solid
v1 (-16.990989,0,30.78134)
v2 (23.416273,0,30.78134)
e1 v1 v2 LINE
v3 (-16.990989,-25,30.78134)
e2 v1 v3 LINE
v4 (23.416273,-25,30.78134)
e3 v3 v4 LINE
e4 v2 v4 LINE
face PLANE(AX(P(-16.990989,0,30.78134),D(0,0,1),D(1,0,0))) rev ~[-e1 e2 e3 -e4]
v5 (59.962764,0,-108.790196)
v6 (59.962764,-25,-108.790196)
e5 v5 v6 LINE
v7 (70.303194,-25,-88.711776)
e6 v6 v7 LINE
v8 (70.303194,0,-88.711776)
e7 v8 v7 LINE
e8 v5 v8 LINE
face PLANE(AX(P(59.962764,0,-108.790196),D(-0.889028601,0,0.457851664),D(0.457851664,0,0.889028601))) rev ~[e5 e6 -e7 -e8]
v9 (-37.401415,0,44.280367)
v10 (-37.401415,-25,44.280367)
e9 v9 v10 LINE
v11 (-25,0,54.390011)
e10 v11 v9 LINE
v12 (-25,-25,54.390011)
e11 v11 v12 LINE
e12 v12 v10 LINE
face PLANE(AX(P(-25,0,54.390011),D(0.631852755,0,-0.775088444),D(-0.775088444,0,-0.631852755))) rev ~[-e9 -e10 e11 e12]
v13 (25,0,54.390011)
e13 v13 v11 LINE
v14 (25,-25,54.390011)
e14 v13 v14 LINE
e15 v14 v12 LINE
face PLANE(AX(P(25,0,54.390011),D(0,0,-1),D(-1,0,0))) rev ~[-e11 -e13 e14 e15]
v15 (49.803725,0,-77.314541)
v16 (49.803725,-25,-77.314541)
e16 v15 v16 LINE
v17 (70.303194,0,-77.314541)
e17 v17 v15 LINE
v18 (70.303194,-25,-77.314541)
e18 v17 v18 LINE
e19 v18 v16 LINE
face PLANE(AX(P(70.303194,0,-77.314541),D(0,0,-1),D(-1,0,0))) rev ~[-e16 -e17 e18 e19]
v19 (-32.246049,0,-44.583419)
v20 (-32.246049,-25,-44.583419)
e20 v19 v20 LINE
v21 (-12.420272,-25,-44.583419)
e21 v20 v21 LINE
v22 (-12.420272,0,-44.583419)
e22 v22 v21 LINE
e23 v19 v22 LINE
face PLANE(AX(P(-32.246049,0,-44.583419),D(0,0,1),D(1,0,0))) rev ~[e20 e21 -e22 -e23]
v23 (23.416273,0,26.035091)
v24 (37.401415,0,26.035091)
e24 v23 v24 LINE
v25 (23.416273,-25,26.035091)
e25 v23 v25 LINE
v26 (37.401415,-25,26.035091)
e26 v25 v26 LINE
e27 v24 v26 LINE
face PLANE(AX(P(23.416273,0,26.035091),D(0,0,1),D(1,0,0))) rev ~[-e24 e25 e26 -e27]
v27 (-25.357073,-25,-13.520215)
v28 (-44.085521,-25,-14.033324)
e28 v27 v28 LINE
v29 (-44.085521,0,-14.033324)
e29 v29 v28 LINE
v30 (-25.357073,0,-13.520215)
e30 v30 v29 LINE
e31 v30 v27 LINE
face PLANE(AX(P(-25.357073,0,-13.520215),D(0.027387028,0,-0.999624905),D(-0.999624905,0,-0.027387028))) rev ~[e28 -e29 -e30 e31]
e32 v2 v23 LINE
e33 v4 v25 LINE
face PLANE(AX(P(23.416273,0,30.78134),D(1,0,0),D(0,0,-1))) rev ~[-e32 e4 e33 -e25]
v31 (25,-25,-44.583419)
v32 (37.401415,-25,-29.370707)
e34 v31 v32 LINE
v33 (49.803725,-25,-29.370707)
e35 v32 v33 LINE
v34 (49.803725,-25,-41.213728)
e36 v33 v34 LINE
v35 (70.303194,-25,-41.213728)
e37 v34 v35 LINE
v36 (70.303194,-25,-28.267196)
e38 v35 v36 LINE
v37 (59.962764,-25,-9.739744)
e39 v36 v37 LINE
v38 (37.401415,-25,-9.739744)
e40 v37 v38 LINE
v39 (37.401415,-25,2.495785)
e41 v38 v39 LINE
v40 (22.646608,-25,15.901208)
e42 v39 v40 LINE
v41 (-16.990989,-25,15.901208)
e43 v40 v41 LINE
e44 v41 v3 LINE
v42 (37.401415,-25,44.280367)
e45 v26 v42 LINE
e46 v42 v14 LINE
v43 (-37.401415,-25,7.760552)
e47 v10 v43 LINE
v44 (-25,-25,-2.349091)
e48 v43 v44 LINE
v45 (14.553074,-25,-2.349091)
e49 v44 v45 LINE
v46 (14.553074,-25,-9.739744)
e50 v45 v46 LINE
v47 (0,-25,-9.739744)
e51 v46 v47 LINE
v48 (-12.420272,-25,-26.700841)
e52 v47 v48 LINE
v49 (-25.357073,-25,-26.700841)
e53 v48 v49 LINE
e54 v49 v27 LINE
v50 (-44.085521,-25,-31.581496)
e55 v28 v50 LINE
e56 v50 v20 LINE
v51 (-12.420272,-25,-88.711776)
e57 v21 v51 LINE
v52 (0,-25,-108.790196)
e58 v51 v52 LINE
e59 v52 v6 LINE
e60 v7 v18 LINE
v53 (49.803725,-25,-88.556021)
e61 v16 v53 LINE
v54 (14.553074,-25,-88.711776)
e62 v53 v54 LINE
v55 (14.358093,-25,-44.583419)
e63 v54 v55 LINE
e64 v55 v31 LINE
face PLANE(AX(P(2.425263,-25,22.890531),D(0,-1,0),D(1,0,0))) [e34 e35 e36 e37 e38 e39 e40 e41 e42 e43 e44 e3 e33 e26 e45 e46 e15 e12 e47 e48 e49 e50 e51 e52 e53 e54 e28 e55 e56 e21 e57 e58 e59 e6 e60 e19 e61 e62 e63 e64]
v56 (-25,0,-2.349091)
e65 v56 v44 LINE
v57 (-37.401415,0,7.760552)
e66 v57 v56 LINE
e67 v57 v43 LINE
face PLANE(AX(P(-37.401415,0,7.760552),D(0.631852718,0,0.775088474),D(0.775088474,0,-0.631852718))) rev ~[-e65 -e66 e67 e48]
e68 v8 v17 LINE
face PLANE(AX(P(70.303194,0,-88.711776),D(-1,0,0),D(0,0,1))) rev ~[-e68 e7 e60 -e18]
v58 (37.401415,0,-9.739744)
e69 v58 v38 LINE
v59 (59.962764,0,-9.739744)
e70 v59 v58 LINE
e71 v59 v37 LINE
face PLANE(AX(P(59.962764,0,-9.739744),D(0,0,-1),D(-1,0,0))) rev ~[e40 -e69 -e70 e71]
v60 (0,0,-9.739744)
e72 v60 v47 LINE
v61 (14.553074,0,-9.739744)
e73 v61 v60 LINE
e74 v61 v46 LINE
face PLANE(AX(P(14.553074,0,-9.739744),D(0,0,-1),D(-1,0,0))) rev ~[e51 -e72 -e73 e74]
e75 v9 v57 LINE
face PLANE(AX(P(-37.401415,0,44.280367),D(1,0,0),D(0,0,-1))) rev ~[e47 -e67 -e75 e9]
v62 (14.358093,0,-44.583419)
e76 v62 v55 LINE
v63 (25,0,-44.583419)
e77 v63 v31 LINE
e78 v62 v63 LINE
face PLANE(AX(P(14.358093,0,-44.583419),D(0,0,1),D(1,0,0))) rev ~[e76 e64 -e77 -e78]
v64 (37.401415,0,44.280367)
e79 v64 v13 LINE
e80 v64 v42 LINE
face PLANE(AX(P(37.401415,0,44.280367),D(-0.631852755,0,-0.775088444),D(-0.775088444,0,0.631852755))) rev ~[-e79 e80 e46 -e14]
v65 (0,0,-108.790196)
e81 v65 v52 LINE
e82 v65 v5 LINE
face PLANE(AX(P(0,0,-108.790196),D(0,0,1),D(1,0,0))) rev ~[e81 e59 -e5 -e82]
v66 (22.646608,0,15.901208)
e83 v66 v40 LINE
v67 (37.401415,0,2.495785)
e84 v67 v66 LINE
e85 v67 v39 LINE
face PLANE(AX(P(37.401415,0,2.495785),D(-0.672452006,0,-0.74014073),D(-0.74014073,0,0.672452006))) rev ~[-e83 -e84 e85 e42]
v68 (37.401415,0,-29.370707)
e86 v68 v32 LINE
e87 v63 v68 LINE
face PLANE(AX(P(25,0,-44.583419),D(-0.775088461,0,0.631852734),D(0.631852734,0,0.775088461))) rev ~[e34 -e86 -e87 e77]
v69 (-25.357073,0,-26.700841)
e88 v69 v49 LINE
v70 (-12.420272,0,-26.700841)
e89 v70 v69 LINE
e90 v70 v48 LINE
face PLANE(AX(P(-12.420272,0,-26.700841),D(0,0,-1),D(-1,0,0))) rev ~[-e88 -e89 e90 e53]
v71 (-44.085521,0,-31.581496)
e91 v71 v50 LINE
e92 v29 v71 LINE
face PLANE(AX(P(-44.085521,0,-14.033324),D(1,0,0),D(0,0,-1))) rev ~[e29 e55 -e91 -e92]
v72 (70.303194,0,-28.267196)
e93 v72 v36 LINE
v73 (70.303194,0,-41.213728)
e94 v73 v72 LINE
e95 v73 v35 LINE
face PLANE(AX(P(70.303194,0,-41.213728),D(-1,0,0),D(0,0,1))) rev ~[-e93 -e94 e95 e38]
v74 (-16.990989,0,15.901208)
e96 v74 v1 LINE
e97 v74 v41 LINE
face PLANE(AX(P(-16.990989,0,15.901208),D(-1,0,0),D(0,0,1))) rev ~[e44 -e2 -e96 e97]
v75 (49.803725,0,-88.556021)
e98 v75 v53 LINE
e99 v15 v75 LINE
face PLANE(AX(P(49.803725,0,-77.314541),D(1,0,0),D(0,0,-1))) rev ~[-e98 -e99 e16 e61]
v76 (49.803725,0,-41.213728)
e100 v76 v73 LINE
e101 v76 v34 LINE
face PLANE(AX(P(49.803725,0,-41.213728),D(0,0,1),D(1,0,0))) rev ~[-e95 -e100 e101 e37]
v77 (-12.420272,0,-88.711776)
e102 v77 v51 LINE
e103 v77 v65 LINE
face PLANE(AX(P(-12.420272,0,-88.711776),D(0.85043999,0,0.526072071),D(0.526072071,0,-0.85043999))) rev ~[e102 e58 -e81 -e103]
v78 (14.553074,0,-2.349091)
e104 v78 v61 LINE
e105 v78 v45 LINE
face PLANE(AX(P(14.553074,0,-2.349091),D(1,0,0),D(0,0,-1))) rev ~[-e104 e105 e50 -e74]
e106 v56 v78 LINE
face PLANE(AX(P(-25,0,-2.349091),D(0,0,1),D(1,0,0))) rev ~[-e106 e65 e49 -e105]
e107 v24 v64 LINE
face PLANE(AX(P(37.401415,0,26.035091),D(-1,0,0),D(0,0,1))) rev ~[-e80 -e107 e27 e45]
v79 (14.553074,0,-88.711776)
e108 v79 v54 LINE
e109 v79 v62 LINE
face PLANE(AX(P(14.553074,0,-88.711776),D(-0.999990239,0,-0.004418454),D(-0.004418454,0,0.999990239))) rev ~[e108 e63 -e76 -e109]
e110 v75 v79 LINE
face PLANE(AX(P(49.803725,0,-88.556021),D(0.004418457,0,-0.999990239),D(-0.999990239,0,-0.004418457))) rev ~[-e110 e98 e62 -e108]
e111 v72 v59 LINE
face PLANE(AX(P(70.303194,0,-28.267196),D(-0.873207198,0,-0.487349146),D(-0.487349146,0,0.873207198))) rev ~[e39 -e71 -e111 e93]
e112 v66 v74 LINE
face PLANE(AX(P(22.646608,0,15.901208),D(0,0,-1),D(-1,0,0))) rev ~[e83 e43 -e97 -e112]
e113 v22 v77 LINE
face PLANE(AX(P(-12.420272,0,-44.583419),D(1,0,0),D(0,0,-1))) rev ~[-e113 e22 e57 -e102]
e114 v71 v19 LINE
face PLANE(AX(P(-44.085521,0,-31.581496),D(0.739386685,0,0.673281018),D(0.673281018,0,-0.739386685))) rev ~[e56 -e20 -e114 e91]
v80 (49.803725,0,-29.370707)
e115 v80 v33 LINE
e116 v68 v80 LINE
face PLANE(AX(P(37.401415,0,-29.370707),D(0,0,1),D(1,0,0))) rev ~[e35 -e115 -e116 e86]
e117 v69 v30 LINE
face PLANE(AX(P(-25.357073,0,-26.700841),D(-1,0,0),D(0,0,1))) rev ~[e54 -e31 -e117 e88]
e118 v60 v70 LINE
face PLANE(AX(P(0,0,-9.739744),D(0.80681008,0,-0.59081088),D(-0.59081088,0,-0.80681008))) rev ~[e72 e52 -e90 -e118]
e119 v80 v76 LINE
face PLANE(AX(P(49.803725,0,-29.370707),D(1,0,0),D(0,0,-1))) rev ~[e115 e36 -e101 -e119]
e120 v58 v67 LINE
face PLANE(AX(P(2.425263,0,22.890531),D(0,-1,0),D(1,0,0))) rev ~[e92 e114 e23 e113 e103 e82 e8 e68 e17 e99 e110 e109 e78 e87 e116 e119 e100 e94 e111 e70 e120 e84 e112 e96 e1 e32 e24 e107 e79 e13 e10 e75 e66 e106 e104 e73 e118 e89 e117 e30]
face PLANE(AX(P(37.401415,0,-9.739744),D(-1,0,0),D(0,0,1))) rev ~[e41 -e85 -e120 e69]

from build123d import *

# Parameters (mm, degrees)
F1_DEPTH = 25


with BuildPart() as f1:
    # F0 (on Front) → F1 (new body)
    with BuildSketch(Plane.XZ):
        Polygon((25, 54.390011), (-25, 54.390011), (-37.401415, 44.280367), (-37.401415, 7.760552), (-25, -2.349091), (14.553074, -2.349091), (14.553074, -9.739744), (37.401415, -9.739744), (37.401415, 2.495785), (22.646608, 15.901208), (-16.990989, 15.901208), (-16.990989, 30.78134), (23.416273, 30.78134), (23.416273, 26.035091), (37.401415, 26.035091), (37.401415, 44.280367), align=None)
        Polygon((37.401415, -9.739744), (14.553074, -9.739744), (14.553074, -26.700841), (-12.420272, -26.700841), (-25.357073, -26.700841), (-25.357073, -13.520215), (-44.085521, -14.033324), (-44.085521, -31.581496), (-32.246049, -44.583419), (-12.420272, -44.583419), (14.358093, -44.583419), (25, -44.583419), (37.401415, -29.370707), align=None)
        Polygon((14.553074, -26.700841), (14.553074, -9.739744), (0, -9.739744), (-12.420272, -26.700841), align=None)
        Polygon((59.962764, -9.739744), (37.401415, -9.739744), (37.401415, -29.370707), (49.803725, -29.370707), (49.803725, -41.213728), (70.303194, -41.213728), (70.303194, -28.267196), align=None)
        Polygon((14.553074, -88.711776), (14.358093, -44.583419), (-12.420272, -44.583419), (-12.420272, -88.711776), (0, -108.790196), (59.962764, -108.790196), (70.303194, -88.711776), (70.303194, -77.314541), (49.803725, -77.314541), (49.803725, -88.556021), align=None)
    extrude(amount=F1_DEPTH)


solid = f1.part
